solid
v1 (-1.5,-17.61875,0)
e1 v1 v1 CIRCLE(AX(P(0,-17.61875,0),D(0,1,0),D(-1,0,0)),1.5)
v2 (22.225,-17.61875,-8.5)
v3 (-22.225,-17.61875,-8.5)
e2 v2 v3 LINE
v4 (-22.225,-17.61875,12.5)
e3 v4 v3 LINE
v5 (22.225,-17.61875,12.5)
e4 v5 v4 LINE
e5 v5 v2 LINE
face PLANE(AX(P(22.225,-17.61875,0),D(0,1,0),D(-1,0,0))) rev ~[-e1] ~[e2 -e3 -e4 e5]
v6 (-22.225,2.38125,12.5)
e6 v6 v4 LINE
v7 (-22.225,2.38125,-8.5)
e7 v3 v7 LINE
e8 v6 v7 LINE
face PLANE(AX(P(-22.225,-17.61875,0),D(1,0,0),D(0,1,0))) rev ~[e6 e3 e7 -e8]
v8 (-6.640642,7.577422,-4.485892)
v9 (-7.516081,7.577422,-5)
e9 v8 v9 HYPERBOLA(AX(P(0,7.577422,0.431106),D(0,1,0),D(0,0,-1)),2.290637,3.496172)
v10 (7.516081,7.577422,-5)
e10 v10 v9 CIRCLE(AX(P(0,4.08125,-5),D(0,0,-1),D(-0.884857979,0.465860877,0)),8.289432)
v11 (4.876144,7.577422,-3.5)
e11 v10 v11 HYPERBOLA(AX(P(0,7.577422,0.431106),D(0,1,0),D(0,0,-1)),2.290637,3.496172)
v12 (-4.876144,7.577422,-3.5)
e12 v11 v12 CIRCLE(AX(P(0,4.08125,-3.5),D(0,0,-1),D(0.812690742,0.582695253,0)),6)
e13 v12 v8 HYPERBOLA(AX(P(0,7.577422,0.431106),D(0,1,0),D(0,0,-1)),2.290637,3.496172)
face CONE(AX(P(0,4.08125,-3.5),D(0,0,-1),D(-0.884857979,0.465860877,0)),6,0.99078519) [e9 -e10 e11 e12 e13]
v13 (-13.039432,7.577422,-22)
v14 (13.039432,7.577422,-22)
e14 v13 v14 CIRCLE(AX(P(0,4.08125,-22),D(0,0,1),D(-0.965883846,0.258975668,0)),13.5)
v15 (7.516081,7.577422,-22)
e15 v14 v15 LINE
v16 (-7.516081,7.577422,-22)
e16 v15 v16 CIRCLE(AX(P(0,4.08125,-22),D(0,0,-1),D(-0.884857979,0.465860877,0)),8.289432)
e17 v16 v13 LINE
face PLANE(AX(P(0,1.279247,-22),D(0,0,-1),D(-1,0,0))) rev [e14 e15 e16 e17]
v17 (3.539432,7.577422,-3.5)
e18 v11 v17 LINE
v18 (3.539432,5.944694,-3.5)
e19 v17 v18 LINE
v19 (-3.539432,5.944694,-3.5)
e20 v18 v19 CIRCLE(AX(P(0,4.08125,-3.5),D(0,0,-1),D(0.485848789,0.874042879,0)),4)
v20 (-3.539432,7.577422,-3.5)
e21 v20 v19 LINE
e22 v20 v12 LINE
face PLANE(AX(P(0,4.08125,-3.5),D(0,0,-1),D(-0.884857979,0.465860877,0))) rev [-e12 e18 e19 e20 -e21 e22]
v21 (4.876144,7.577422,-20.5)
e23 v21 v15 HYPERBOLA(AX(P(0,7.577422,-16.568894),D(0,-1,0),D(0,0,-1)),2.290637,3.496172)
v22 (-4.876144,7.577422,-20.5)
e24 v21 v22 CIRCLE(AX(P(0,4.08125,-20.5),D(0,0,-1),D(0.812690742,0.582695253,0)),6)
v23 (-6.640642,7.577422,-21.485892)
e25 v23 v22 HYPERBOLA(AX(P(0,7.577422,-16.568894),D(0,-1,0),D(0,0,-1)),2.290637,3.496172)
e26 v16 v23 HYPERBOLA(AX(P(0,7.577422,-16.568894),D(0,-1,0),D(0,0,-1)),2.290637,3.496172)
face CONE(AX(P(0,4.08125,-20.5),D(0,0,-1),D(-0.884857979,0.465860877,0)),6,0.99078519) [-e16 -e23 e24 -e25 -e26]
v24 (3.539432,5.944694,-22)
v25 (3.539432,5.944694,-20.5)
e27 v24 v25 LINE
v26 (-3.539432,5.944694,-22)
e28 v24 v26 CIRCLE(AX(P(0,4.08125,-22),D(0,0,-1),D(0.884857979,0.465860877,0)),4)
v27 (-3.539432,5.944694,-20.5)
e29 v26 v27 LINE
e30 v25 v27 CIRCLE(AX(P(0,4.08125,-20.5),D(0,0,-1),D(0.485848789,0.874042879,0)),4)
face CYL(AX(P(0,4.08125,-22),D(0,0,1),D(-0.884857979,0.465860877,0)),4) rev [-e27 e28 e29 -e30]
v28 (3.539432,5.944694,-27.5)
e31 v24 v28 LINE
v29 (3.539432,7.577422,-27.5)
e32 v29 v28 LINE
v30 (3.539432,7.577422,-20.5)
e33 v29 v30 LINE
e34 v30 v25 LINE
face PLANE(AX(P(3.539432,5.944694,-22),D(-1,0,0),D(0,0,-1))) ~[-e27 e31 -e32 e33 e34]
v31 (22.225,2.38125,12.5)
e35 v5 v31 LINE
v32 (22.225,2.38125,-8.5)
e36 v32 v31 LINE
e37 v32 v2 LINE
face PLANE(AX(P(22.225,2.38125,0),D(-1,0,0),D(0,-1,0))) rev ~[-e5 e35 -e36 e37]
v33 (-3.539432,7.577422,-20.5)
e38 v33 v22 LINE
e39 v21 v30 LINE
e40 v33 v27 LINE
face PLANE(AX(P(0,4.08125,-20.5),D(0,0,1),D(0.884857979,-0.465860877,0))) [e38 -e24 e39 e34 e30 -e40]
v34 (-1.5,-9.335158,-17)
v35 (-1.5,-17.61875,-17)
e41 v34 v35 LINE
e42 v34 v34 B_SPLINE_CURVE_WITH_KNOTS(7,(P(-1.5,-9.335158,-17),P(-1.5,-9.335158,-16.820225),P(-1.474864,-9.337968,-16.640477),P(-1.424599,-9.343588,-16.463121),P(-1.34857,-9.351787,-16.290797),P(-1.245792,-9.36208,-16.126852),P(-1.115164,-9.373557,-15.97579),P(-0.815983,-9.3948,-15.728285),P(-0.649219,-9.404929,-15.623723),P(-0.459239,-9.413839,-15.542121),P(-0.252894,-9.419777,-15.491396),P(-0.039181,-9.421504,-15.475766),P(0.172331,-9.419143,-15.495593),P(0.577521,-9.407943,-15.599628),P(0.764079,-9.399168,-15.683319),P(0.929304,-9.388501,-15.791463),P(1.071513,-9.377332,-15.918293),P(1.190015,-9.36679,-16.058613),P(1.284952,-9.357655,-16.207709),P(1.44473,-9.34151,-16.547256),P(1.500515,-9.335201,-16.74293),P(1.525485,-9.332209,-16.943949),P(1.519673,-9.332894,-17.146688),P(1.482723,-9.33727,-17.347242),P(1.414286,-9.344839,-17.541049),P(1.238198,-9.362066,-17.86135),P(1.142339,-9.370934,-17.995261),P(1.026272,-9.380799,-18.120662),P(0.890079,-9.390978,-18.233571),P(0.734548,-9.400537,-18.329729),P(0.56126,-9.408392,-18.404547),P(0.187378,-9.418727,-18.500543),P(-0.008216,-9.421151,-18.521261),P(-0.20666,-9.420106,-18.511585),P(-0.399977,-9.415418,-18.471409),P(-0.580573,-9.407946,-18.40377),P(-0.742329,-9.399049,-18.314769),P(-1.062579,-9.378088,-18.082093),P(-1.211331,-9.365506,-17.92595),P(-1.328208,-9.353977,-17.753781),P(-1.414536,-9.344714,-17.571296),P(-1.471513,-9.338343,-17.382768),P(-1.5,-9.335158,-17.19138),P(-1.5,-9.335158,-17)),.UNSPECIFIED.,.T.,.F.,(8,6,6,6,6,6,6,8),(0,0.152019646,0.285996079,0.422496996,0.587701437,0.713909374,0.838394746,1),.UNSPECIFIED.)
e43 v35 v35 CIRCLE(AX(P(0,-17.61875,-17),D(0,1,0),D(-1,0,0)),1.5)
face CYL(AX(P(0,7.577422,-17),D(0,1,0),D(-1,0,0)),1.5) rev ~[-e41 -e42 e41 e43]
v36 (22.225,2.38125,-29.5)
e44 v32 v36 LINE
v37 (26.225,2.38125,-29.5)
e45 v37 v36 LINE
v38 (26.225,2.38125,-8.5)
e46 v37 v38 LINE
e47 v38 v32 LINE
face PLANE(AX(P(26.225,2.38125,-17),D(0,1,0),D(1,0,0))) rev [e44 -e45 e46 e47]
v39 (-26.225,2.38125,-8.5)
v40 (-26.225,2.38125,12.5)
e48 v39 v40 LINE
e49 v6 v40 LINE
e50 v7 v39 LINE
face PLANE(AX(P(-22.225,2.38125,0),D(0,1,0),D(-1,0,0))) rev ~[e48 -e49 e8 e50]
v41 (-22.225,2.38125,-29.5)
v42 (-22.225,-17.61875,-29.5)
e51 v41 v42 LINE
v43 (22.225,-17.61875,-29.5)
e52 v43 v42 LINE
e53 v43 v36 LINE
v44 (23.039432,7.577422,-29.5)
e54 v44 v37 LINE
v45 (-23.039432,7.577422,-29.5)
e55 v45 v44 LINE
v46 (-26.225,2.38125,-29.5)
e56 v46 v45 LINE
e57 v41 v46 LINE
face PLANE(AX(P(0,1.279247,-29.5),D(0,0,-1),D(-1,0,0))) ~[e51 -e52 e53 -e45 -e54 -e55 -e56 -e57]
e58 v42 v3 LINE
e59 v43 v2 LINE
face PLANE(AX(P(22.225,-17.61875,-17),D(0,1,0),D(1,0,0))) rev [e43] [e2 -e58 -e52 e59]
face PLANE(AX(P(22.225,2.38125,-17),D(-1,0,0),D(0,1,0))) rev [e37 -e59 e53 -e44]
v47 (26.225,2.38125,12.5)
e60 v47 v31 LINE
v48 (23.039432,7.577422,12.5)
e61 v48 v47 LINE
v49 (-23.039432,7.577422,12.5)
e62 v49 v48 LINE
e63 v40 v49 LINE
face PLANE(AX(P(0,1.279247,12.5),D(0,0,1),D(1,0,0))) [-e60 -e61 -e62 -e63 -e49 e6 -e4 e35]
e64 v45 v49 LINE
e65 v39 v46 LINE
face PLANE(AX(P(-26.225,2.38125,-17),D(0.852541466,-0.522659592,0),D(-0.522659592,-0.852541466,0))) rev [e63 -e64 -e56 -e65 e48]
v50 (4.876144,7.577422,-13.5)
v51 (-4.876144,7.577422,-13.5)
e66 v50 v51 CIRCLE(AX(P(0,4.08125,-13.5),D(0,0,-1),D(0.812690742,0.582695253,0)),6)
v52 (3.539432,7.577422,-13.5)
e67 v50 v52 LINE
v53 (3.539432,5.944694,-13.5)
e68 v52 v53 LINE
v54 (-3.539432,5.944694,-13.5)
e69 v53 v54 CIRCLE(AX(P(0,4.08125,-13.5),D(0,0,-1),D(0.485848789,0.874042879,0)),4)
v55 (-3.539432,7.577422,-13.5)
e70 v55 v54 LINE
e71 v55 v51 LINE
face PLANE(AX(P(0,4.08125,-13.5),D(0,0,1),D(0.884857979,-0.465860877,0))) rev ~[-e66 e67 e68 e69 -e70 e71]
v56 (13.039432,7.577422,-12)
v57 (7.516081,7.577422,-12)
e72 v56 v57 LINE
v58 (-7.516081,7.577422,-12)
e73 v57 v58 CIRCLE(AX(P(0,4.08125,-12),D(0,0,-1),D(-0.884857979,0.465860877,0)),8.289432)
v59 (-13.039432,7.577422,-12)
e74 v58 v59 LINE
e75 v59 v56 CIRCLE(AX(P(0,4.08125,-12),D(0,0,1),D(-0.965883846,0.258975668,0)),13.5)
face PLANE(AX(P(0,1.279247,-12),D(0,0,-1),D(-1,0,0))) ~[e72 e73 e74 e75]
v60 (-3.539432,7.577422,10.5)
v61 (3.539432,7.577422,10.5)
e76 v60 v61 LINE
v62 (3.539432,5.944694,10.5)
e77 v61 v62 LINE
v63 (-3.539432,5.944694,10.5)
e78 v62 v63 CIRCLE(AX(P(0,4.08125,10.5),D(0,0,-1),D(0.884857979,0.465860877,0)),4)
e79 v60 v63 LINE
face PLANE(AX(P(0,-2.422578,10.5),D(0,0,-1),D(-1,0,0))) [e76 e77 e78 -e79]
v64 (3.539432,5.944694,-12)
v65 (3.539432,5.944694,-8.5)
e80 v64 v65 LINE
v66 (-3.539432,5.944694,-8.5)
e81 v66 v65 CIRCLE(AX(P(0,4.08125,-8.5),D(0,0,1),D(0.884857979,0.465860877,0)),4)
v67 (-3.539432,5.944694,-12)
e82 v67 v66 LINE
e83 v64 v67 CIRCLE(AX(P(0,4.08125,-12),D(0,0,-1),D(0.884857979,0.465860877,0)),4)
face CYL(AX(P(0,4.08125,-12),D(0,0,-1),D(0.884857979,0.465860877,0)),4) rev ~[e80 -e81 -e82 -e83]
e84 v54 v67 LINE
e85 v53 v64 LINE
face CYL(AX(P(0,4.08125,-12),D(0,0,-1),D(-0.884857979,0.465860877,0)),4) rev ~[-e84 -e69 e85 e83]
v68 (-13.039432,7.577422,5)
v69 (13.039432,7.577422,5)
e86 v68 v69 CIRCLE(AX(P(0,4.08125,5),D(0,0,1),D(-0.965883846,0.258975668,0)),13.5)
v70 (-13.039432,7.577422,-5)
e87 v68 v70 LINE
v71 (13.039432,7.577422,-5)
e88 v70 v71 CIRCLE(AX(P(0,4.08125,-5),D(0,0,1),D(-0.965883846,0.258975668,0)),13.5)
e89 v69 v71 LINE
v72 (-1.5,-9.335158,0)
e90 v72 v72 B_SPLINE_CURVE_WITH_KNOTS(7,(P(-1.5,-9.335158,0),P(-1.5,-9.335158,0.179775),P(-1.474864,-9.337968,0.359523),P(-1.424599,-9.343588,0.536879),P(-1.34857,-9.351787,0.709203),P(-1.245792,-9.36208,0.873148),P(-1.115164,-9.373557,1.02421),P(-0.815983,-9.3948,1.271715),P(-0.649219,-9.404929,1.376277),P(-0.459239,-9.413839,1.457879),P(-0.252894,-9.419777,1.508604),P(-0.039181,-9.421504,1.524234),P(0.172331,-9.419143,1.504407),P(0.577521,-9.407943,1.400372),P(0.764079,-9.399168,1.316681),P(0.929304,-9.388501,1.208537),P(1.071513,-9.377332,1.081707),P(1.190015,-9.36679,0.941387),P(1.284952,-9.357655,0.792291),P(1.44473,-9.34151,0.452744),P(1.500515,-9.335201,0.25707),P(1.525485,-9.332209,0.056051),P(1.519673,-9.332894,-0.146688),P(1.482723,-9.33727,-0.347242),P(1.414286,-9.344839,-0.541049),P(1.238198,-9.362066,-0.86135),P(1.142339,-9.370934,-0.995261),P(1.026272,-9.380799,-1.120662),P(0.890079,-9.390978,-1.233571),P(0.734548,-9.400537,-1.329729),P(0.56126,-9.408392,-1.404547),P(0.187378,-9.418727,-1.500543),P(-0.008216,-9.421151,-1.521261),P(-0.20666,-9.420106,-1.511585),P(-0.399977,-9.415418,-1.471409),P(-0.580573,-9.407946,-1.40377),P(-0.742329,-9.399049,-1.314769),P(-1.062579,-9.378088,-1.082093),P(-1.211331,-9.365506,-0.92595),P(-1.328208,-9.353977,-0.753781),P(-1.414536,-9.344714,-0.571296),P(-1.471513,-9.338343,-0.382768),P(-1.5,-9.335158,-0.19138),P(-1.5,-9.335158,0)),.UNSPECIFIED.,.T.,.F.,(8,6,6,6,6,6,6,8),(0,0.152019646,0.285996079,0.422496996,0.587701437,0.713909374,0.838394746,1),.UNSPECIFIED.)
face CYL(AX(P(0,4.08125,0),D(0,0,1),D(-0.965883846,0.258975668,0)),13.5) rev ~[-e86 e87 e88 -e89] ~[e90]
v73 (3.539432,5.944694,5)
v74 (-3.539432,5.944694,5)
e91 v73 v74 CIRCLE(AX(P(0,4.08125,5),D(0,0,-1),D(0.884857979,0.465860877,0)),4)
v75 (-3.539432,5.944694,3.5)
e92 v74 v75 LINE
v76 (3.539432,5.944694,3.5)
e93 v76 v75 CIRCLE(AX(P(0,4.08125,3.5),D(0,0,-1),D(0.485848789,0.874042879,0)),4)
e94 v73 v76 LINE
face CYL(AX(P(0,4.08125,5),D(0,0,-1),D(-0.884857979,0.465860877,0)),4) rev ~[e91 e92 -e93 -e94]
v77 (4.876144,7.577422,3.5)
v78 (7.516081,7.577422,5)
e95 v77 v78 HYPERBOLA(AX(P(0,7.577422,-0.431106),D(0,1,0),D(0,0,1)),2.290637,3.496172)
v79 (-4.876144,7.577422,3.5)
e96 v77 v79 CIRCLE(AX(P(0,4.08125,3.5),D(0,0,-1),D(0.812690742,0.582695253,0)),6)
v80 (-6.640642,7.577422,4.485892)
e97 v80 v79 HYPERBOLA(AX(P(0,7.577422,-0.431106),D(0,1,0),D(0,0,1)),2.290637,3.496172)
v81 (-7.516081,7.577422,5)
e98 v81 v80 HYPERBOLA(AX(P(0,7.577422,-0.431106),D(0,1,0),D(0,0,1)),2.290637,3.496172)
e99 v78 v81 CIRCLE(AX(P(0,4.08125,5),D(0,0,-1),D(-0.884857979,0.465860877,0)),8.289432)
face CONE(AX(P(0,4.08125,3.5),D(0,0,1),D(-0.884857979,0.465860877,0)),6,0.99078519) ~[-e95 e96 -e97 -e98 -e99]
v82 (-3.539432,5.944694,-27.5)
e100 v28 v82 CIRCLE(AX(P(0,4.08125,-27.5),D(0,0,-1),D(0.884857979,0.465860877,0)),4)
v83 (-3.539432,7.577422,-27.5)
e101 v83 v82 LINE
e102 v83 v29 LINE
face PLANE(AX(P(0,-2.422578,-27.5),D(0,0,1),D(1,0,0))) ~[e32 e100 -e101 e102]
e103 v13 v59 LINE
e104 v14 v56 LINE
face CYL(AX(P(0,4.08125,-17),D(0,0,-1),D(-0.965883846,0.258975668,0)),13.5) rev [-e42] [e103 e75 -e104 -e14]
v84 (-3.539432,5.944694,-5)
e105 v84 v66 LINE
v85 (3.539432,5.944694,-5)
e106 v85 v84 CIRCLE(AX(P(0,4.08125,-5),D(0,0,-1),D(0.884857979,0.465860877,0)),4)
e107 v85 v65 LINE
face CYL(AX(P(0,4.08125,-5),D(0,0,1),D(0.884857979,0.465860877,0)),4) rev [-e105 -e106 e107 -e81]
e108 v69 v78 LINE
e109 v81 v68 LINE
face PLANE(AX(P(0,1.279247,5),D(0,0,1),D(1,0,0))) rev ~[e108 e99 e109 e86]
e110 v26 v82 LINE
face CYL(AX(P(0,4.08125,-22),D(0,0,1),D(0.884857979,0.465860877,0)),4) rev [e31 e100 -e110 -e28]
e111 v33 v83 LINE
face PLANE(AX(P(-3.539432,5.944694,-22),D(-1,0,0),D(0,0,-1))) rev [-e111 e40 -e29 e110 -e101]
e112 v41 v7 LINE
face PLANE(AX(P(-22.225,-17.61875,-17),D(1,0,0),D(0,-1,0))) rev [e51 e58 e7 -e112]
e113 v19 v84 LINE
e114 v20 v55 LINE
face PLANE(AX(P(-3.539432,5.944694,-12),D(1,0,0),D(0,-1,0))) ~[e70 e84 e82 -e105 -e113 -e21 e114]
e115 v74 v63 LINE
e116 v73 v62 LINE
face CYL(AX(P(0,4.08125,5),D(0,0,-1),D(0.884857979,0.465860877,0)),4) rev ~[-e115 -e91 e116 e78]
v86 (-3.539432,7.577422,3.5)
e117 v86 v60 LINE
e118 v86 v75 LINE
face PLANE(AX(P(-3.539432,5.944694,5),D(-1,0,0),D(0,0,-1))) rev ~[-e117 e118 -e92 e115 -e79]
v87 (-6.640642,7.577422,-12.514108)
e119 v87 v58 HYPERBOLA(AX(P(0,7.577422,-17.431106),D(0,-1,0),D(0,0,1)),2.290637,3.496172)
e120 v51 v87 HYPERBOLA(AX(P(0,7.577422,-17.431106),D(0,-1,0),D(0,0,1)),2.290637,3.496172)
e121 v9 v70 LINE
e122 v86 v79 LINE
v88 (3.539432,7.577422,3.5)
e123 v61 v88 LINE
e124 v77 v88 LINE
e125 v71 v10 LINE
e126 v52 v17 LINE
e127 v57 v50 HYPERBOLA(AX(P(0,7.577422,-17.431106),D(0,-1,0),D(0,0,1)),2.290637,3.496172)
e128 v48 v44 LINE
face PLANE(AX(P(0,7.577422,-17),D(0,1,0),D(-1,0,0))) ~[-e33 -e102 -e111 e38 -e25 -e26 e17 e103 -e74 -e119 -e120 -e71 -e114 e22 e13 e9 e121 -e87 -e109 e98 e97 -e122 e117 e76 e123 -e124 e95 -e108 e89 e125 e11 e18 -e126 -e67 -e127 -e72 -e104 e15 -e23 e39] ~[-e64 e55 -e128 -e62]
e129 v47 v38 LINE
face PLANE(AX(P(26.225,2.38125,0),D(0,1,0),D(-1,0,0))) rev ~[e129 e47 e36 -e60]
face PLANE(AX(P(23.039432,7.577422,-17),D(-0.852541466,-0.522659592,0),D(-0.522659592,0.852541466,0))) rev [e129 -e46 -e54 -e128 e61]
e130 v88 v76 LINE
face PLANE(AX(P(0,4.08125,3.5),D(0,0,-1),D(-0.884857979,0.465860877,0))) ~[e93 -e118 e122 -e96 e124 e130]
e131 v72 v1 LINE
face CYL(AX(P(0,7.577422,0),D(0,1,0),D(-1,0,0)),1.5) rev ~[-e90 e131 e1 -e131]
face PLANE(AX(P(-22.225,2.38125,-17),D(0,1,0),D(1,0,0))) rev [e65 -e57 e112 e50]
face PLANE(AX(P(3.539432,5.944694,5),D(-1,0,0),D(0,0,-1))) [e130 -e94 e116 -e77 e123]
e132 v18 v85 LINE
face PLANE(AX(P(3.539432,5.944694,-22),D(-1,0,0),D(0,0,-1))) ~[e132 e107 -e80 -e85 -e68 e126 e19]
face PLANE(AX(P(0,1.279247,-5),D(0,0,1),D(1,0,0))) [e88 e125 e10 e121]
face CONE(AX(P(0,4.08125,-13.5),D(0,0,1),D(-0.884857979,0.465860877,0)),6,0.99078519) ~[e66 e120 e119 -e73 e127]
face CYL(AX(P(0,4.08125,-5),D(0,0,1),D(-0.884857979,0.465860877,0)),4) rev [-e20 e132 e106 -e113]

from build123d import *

# Parameters (mm, degrees)
BOSS_EXTRUDE1_DEPTH = 12.5
BOSS_EXTRUDE2_DEPTH = 7.5
BOSS_EXTRUDE3_DEPTH = 7.5
SKETCH5_W           = 44.45
SKETCH5_H           = 25
CUT_EXTRUDE1_DEPTH  = 10
CUT_EXTRUDE2_START  = -1.632728
SKETCH6_W           = 7.078863834
SKETCH6_H           = 10
CUT_EXTRUDE2_DEPTH  = 1.632728
BOSS_EXTRUDE4_DEPTH = 2
SKETCH8_R           = 1.5
CUT_EXTRUDE3_DEPTH  = 40


with BuildPart() as part:
    # Sketch1 → Boss-Extrude1 (new, symmetric)
    with BuildSketch(Plane.XY):
        with BuildLine():
            Line((-23.039431917, 7.577421516), (-13.039431917, 7.577421516))
            ThreePointArc((-13.039431917, 7.577421516), (0, -9.41875), (13.039431917, 7.577421516))
            Line((13.039431917, 7.577421516), (23.039431917, 7.577421516))
            Line((23.039431917, 7.577421516), (26.225, 2.38125))
            Line((26.225, 2.38125), (22.225, 2.38125))
            Line((22.225, 2.38125), (22.225, -17.61875))
            Line((22.225, -17.61875), (-22.225, -17.61875))
            Line((-22.225, -17.61875), (-22.225, 2.38125))
            Line((-22.225, 2.38125), (-26.225, 2.38125))
            Line((-26.225, 2.38125), (-23.039431917, 7.577421516))
        make_face()
    extrude(amount=BOSS_EXTRUDE1_DEPTH, both=True)

    # Sketch2 → Boss-Extrude2 (add)
    with BuildSketch(Plane.XY.offset(5)):
        with BuildLine():
            Line((-3.539431917, 5.944693506), (-3.539431917, 7.577421516))
            Line((-3.539431917, 7.577421516), (-13.039431917, 7.577421516))
            ThreePointArc((-13.039431917, 7.577421516), (0, -9.41875), (13.039431917, 7.577421516))
            Line((13.039431917, 7.577421516), (3.539431917, 7.577421516))
            Line((3.539431917, 7.577421516), (3.539431917, 5.944693506))
            ThreePointArc((3.539431917, 5.944693506), (0, 0.08125), (-3.539431917, 5.944693506))
        make_face()
    extrude(amount=BOSS_EXTRUDE2_DEPTH)

    # Sketch3 → Boss-Extrude3 (add)
    with BuildSketch(Plane.XY.offset(-5)):
        with BuildLine():
            Line((3.539431917, 7.577421516), (3.539431917, 5.944693506))
            ThreePointArc((3.539431917, 5.944693506), (0, 0.08125), (-3.539431917, 5.944693506))
            Line((-3.539431917, 5.944693506), (-3.539431917, 7.577421516))
            Line((-3.539431917, 7.577421516), (-13.039431917, 7.577421516))
            ThreePointArc((-13.039431917, 7.577421516), (0, -9.41875), (13.039431917, 7.577421516))
            Line((13.039431917, 7.577421516), (3.539431917, 7.577421516))
        make_face()
    extrude(amount=-BOSS_EXTRUDE3_DEPTH)

    # Sketch4 → Revolve1 (revolve)
    with BuildSketch(Plane(origin=(0, 4.08125, 0), x_dir=(1, 0, 0), z_dir=(0, 1, 0)), mode=Mode.PRIVATE) as revolve1_sk:
        Polygon((-4, -5), (-4, -3.5), (-6, -3.5), (-8.289431917, -5), align=None)
        Polygon((-4, 5), (-4, 3.5), (-6, 3.5), (-8.289431917, 5), align=None)
    revolve(revolve1_sk.sketch.rotate(Axis((0, 4.08125, 0), (0, 0, -1)), 27.765950742), axis=Axis((0, 4.08125, 0), (0, 0, -1)))

    # Sketch5 → Cut-Extrude1 (cut)
    with BuildSketch(Plane(origin=(0, 7.577421516, 0), x_dir=(1, 0, 0), z_dir=(0, 1, 0))):
        Rectangle(SKETCH5_W, SKETCH5_H)
    extrude(amount=CUT_EXTRUDE1_DEPTH, mode=Mode.SUBTRACT)

    # Sketch6 → Cut-Extrude2 (cut)
    with BuildSketch(Plane(origin=(0, 7.577421516, 0), x_dir=(1, 0, 0), z_dir=(0, 1, 0)).offset(CUT_EXTRUDE2_START)):
        Rectangle(SKETCH6_W, SKETCH6_H)
    extrude(amount=CUT_EXTRUDE2_DEPTH, mode=Mode.SUBTRACT)

    # Sketch7 → Boss-Extrude4 (add)
    with BuildSketch(Plane.XY.offset(12.5)):
        Polygon((-22.225, 2.38125), (-22.225, 7.577421516), (22.225, 7.577421516), (22.225, 2.38125), (22.225, -12.422578484), (-22.225, -12.422578484), align=None)
    boss_extrude4 = extrude(amount=-BOSS_EXTRUDE4_DEPTH)

    # Mirror1: Boss-Extrude4 across plane
    add(boss_extrude4.mirror(Plane.XY))

    # SurfaceCut1
    split(bisect_by=Plane(origin=(0, 0, -8.5), x_dir=(-1, 0, 0), z_dir=(0, 0, -1)), keep=Keep.BOTTOM)

    # Mirror2: part across plane


with BuildPart() as part_1:
    add(part.part)
    add(part.part.mirror(Plane(origin=(0, 0, -8.5), x_dir=(1, 0, 0), z_dir=(0, 0, -1))))

    # Sketch8 → Cut-Extrude3 (cut)
    with BuildSketch(Plane(origin=(0, 7.577421516, 0), x_dir=(1, 0, 0), z_dir=(0, 1, 0))):
        with Locations(Location((0, 0, 0), (0, 0, 180))):
            Circle(SKETCH8_R)
        with Locations(Location((0, 17, 0), (0, 0, 180))):
            Circle(SKETCH8_R)
    extrude(amount=-CUT_EXTRUDE3_DEPTH, mode=Mode.SUBTRACT)


solid = part_1.part
